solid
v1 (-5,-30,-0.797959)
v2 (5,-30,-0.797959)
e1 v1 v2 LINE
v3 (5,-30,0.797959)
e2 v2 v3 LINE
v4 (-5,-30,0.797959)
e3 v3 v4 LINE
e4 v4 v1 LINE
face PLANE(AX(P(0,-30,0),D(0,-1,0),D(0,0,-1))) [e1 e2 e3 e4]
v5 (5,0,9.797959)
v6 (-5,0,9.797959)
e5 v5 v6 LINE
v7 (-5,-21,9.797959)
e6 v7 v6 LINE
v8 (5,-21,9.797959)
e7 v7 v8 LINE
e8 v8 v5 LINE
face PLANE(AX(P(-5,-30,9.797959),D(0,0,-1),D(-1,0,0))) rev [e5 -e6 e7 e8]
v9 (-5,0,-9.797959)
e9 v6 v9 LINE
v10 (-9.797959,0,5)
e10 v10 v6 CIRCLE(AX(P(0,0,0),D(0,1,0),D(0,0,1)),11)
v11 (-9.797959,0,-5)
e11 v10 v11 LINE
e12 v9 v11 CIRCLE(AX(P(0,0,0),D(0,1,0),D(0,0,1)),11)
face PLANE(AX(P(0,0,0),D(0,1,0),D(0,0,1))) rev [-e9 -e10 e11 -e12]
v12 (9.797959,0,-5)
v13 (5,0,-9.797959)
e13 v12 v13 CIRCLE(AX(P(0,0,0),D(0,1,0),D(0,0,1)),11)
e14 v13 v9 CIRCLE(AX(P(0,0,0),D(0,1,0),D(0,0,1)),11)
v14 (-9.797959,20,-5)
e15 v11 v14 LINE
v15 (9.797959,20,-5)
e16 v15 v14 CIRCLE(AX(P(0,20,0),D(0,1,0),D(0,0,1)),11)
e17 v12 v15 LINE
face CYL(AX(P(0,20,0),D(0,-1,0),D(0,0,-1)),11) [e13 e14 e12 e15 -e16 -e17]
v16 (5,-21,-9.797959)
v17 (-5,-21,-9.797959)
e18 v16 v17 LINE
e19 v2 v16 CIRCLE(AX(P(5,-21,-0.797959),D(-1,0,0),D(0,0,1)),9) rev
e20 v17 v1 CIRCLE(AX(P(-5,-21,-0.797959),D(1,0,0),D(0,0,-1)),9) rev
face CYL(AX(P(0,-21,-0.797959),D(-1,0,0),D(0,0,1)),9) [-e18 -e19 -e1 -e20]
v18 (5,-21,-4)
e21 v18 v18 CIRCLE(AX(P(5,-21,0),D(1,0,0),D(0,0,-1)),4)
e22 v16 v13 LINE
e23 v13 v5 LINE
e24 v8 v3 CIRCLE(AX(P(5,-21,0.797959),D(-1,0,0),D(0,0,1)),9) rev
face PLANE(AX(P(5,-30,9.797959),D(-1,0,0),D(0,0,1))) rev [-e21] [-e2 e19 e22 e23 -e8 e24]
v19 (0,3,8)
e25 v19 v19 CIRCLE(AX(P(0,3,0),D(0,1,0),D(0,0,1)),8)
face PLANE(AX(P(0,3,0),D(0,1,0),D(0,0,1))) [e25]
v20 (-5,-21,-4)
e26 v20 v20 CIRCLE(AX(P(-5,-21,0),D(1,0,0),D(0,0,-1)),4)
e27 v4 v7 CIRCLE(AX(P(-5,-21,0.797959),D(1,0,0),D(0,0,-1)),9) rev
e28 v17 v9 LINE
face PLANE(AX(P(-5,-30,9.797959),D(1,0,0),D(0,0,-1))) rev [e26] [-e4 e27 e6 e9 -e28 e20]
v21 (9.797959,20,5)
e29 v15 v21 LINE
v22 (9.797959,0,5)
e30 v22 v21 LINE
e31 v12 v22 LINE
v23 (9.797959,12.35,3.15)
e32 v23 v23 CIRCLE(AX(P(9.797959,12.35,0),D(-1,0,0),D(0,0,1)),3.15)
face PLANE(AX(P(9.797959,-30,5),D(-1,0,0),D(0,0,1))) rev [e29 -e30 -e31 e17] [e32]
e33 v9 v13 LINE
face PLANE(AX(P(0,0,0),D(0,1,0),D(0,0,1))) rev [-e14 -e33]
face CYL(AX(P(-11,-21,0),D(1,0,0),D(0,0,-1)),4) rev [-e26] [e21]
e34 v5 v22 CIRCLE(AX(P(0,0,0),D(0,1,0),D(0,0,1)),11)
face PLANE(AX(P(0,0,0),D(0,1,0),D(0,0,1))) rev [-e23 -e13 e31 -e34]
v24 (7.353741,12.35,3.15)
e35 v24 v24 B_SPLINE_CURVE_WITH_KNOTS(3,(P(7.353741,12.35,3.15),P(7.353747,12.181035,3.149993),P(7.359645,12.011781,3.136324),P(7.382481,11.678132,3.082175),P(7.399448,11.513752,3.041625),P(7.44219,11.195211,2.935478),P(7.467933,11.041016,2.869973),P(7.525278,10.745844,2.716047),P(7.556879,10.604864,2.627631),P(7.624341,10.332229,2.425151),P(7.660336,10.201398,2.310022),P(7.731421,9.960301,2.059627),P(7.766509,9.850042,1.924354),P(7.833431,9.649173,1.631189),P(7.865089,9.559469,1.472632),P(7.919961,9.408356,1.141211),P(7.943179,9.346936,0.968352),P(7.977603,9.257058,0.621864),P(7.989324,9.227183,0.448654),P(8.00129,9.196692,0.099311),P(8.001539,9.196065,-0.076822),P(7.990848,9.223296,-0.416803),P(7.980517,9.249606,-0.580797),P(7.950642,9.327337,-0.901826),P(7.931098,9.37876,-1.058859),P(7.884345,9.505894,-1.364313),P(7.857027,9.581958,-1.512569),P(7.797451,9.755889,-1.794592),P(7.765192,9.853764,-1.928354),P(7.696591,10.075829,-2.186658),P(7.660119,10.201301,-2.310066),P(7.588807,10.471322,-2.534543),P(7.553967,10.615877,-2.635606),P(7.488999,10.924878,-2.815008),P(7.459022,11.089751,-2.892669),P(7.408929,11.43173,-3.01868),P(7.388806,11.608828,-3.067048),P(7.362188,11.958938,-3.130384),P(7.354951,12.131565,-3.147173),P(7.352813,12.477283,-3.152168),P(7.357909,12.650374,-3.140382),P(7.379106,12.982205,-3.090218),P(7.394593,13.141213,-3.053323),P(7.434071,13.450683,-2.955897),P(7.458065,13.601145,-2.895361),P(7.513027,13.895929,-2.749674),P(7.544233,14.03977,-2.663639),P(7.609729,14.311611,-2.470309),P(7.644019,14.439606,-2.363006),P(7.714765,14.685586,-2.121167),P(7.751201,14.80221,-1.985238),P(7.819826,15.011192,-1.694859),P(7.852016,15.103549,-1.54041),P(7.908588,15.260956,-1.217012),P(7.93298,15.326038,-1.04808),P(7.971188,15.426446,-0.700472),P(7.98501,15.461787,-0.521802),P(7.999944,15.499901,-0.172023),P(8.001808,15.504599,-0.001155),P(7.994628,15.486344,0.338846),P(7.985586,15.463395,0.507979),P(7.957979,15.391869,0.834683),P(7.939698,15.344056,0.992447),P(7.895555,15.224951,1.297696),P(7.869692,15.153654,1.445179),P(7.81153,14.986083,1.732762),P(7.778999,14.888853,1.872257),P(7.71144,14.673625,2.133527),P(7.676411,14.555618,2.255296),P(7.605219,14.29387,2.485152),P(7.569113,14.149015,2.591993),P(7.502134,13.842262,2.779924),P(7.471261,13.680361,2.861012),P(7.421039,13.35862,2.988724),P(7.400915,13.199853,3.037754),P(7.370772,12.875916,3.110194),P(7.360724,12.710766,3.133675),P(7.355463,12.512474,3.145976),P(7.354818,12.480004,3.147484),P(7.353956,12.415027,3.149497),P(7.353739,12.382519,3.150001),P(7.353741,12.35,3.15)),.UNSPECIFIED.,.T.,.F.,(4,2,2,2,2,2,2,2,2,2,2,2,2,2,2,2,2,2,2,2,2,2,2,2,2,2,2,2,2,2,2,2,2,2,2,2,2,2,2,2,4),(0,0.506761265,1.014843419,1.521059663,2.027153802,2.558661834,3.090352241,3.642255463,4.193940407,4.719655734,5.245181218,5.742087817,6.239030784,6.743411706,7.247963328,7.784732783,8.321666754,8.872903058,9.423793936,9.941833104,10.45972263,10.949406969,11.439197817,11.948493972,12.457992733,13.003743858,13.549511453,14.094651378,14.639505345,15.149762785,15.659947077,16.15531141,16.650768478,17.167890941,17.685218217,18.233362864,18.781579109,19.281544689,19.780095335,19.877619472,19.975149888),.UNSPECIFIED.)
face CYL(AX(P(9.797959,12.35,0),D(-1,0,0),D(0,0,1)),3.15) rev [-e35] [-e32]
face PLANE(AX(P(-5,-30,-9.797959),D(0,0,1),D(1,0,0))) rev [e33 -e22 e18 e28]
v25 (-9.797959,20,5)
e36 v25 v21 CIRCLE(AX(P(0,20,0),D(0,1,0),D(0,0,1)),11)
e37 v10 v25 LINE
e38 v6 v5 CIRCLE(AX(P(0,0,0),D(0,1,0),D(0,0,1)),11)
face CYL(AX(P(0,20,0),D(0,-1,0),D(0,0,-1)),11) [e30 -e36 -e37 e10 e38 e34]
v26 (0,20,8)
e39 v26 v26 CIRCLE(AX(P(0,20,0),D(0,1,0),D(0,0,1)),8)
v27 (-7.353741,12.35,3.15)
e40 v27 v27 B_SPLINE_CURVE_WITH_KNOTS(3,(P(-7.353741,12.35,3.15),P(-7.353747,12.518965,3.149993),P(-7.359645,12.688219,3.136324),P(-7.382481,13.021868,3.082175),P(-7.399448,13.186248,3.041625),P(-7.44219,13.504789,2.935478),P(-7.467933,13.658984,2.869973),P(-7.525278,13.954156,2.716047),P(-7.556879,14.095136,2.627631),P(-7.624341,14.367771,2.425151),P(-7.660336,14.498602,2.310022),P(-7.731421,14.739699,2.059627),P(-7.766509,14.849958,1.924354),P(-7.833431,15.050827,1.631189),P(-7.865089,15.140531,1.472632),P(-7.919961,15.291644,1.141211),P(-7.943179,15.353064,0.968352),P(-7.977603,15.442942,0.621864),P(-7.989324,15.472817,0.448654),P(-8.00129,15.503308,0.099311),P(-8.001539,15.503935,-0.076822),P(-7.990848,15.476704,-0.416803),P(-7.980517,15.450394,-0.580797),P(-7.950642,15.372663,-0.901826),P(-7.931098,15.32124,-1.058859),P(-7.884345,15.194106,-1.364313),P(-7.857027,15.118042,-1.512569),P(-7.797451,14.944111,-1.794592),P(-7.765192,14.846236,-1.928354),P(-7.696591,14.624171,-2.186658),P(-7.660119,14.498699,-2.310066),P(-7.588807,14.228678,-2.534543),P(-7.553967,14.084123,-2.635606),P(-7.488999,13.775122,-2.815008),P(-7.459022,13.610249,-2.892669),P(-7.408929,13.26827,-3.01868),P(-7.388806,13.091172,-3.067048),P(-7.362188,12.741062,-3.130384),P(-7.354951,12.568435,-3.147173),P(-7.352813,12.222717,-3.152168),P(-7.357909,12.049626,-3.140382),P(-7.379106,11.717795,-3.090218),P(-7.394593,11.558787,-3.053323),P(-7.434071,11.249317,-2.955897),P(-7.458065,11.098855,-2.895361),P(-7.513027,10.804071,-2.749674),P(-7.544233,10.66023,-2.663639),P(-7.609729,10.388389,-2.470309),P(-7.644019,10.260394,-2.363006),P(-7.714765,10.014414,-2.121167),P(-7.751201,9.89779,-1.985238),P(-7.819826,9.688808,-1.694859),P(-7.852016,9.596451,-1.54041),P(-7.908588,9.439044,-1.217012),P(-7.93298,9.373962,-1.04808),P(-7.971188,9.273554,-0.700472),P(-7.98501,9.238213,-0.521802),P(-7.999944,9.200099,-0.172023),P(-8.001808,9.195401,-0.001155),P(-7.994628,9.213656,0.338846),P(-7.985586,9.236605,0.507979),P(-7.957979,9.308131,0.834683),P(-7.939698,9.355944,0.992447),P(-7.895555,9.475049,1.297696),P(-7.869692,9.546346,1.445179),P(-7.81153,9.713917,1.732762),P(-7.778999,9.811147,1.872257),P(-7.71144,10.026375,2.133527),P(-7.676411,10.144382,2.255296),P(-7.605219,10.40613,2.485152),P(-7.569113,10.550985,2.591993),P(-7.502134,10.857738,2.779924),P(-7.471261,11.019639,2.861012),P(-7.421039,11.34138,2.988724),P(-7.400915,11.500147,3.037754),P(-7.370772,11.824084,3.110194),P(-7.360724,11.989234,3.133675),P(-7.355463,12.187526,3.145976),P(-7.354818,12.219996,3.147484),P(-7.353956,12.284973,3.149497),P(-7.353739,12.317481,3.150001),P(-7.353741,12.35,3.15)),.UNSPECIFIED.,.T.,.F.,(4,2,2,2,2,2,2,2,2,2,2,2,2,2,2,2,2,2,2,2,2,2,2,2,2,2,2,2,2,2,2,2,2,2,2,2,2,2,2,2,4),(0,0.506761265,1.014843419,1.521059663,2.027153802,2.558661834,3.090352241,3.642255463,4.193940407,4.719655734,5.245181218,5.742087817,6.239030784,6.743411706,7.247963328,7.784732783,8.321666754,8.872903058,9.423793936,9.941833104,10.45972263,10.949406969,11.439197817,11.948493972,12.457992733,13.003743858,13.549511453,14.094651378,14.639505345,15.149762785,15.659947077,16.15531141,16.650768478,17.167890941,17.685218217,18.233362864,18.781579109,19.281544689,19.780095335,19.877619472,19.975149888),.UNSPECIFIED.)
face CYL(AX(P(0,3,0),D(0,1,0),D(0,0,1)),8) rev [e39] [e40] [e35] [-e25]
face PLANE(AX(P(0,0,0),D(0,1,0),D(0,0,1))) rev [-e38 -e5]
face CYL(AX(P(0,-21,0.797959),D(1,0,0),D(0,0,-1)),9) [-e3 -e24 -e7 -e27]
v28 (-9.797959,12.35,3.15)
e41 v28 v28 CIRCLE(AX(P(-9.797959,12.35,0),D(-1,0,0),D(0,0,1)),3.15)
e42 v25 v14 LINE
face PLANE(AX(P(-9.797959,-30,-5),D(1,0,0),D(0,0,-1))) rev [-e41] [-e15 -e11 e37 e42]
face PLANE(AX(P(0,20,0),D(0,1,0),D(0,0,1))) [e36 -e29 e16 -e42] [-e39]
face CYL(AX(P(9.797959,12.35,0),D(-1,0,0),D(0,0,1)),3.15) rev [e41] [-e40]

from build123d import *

# Parameters (mm, degrees)
SKETCH1_R           = 11
BOSS_EXTRUDE1_DEPTH = 20
SKETCH2_R           = 8
CUT_EXTRUDE1_DEPTH  = 17
SKETCH3_W           = 10
SKETCH3_H           = 19.595917942
BOSS_EXTRUDE2_DEPTH = 30
SKETCH4_R           = 4
CUT_EXTRUDE2_DEPTH  = 17
FILLET1_R           = 9
CUT_EXTRUDE3_DEPTH  = 51
SKETCH6_R           = 3.15
CUT_EXTRUDE4_DEPTH  = 20.595917942


with BuildPart() as part:
    # Sketch1 → Boss-Extrude1 (new body)
    with BuildSketch(Plane(origin=(0, 0, 0), x_dir=(1, 0, 0), z_dir=(0, 1, 0))):
        Circle(SKETCH1_R)
    extrude(amount=BOSS_EXTRUDE1_DEPTH)

    # Sketch2 → Cut-Extrude1 (cut)
    with BuildSketch(Plane(origin=(0, 20, 0), x_dir=(1, 0, 0), z_dir=(0, 1, 0))):
        Circle(SKETCH2_R)
    extrude(amount=-CUT_EXTRUDE1_DEPTH, mode=Mode.SUBTRACT)

    # Sketch3 → Boss-Extrude2 (add)
    with BuildSketch(Plane.XZ):
        Rectangle(SKETCH3_W, SKETCH3_H)
    extrude(amount=BOSS_EXTRUDE2_DEPTH)

    # Sketch4 → Cut-Extrude2 (cut, through all)
    with BuildSketch(Plane(origin=(5, 0, 0), x_dir=(0, 0, -1), z_dir=(1, 0, 0))):
        with Locations((0, -21)):
            Circle(SKETCH4_R)
    extrude(amount=-CUT_EXTRUDE2_DEPTH, mode=Mode.SUBTRACT)

    # Fillet1
    fillet1_edges = [part.edges().sort_by_distance(p)[0] for p in [
        (0, -30, 9.797958971),
        (0, -30, -9.797958971),
    ]]
    fillet(fillet1_edges, radius=FILLET1_R)

    # Sketch5 → Cut-Extrude3 (cut, through all)
    with BuildSketch(Plane(origin=(0, 20, 0), x_dir=(1, 0, 0), z_dir=(0, 1, 0))):
        with BuildLine():
            Line((-9.797958971, 5), (-9.797958971, -5))
            ThreePointArc((-9.797958971, -5), (-11, 0), (-9.797958971, 5))
        make_face()
        with BuildLine():
            Line((9.797958971, -5), (9.797958971, 5))
            ThreePointArc((9.797958971, 5), (11, 0), (9.797958971, -5))
        make_face()
    extrude(amount=-CUT_EXTRUDE3_DEPTH, mode=Mode.SUBTRACT)

    # Sketch6 → Cut-Extrude4 (cut, through all)
    with BuildSketch(Plane.ZY.offset(9.797958971)):
        with Locations((0, 12.35)):
            Circle(SKETCH6_R)
    extrude(amount=-CUT_EXTRUDE4_DEPTH, mode=Mode.SUBTRACT)


solid = part.part
